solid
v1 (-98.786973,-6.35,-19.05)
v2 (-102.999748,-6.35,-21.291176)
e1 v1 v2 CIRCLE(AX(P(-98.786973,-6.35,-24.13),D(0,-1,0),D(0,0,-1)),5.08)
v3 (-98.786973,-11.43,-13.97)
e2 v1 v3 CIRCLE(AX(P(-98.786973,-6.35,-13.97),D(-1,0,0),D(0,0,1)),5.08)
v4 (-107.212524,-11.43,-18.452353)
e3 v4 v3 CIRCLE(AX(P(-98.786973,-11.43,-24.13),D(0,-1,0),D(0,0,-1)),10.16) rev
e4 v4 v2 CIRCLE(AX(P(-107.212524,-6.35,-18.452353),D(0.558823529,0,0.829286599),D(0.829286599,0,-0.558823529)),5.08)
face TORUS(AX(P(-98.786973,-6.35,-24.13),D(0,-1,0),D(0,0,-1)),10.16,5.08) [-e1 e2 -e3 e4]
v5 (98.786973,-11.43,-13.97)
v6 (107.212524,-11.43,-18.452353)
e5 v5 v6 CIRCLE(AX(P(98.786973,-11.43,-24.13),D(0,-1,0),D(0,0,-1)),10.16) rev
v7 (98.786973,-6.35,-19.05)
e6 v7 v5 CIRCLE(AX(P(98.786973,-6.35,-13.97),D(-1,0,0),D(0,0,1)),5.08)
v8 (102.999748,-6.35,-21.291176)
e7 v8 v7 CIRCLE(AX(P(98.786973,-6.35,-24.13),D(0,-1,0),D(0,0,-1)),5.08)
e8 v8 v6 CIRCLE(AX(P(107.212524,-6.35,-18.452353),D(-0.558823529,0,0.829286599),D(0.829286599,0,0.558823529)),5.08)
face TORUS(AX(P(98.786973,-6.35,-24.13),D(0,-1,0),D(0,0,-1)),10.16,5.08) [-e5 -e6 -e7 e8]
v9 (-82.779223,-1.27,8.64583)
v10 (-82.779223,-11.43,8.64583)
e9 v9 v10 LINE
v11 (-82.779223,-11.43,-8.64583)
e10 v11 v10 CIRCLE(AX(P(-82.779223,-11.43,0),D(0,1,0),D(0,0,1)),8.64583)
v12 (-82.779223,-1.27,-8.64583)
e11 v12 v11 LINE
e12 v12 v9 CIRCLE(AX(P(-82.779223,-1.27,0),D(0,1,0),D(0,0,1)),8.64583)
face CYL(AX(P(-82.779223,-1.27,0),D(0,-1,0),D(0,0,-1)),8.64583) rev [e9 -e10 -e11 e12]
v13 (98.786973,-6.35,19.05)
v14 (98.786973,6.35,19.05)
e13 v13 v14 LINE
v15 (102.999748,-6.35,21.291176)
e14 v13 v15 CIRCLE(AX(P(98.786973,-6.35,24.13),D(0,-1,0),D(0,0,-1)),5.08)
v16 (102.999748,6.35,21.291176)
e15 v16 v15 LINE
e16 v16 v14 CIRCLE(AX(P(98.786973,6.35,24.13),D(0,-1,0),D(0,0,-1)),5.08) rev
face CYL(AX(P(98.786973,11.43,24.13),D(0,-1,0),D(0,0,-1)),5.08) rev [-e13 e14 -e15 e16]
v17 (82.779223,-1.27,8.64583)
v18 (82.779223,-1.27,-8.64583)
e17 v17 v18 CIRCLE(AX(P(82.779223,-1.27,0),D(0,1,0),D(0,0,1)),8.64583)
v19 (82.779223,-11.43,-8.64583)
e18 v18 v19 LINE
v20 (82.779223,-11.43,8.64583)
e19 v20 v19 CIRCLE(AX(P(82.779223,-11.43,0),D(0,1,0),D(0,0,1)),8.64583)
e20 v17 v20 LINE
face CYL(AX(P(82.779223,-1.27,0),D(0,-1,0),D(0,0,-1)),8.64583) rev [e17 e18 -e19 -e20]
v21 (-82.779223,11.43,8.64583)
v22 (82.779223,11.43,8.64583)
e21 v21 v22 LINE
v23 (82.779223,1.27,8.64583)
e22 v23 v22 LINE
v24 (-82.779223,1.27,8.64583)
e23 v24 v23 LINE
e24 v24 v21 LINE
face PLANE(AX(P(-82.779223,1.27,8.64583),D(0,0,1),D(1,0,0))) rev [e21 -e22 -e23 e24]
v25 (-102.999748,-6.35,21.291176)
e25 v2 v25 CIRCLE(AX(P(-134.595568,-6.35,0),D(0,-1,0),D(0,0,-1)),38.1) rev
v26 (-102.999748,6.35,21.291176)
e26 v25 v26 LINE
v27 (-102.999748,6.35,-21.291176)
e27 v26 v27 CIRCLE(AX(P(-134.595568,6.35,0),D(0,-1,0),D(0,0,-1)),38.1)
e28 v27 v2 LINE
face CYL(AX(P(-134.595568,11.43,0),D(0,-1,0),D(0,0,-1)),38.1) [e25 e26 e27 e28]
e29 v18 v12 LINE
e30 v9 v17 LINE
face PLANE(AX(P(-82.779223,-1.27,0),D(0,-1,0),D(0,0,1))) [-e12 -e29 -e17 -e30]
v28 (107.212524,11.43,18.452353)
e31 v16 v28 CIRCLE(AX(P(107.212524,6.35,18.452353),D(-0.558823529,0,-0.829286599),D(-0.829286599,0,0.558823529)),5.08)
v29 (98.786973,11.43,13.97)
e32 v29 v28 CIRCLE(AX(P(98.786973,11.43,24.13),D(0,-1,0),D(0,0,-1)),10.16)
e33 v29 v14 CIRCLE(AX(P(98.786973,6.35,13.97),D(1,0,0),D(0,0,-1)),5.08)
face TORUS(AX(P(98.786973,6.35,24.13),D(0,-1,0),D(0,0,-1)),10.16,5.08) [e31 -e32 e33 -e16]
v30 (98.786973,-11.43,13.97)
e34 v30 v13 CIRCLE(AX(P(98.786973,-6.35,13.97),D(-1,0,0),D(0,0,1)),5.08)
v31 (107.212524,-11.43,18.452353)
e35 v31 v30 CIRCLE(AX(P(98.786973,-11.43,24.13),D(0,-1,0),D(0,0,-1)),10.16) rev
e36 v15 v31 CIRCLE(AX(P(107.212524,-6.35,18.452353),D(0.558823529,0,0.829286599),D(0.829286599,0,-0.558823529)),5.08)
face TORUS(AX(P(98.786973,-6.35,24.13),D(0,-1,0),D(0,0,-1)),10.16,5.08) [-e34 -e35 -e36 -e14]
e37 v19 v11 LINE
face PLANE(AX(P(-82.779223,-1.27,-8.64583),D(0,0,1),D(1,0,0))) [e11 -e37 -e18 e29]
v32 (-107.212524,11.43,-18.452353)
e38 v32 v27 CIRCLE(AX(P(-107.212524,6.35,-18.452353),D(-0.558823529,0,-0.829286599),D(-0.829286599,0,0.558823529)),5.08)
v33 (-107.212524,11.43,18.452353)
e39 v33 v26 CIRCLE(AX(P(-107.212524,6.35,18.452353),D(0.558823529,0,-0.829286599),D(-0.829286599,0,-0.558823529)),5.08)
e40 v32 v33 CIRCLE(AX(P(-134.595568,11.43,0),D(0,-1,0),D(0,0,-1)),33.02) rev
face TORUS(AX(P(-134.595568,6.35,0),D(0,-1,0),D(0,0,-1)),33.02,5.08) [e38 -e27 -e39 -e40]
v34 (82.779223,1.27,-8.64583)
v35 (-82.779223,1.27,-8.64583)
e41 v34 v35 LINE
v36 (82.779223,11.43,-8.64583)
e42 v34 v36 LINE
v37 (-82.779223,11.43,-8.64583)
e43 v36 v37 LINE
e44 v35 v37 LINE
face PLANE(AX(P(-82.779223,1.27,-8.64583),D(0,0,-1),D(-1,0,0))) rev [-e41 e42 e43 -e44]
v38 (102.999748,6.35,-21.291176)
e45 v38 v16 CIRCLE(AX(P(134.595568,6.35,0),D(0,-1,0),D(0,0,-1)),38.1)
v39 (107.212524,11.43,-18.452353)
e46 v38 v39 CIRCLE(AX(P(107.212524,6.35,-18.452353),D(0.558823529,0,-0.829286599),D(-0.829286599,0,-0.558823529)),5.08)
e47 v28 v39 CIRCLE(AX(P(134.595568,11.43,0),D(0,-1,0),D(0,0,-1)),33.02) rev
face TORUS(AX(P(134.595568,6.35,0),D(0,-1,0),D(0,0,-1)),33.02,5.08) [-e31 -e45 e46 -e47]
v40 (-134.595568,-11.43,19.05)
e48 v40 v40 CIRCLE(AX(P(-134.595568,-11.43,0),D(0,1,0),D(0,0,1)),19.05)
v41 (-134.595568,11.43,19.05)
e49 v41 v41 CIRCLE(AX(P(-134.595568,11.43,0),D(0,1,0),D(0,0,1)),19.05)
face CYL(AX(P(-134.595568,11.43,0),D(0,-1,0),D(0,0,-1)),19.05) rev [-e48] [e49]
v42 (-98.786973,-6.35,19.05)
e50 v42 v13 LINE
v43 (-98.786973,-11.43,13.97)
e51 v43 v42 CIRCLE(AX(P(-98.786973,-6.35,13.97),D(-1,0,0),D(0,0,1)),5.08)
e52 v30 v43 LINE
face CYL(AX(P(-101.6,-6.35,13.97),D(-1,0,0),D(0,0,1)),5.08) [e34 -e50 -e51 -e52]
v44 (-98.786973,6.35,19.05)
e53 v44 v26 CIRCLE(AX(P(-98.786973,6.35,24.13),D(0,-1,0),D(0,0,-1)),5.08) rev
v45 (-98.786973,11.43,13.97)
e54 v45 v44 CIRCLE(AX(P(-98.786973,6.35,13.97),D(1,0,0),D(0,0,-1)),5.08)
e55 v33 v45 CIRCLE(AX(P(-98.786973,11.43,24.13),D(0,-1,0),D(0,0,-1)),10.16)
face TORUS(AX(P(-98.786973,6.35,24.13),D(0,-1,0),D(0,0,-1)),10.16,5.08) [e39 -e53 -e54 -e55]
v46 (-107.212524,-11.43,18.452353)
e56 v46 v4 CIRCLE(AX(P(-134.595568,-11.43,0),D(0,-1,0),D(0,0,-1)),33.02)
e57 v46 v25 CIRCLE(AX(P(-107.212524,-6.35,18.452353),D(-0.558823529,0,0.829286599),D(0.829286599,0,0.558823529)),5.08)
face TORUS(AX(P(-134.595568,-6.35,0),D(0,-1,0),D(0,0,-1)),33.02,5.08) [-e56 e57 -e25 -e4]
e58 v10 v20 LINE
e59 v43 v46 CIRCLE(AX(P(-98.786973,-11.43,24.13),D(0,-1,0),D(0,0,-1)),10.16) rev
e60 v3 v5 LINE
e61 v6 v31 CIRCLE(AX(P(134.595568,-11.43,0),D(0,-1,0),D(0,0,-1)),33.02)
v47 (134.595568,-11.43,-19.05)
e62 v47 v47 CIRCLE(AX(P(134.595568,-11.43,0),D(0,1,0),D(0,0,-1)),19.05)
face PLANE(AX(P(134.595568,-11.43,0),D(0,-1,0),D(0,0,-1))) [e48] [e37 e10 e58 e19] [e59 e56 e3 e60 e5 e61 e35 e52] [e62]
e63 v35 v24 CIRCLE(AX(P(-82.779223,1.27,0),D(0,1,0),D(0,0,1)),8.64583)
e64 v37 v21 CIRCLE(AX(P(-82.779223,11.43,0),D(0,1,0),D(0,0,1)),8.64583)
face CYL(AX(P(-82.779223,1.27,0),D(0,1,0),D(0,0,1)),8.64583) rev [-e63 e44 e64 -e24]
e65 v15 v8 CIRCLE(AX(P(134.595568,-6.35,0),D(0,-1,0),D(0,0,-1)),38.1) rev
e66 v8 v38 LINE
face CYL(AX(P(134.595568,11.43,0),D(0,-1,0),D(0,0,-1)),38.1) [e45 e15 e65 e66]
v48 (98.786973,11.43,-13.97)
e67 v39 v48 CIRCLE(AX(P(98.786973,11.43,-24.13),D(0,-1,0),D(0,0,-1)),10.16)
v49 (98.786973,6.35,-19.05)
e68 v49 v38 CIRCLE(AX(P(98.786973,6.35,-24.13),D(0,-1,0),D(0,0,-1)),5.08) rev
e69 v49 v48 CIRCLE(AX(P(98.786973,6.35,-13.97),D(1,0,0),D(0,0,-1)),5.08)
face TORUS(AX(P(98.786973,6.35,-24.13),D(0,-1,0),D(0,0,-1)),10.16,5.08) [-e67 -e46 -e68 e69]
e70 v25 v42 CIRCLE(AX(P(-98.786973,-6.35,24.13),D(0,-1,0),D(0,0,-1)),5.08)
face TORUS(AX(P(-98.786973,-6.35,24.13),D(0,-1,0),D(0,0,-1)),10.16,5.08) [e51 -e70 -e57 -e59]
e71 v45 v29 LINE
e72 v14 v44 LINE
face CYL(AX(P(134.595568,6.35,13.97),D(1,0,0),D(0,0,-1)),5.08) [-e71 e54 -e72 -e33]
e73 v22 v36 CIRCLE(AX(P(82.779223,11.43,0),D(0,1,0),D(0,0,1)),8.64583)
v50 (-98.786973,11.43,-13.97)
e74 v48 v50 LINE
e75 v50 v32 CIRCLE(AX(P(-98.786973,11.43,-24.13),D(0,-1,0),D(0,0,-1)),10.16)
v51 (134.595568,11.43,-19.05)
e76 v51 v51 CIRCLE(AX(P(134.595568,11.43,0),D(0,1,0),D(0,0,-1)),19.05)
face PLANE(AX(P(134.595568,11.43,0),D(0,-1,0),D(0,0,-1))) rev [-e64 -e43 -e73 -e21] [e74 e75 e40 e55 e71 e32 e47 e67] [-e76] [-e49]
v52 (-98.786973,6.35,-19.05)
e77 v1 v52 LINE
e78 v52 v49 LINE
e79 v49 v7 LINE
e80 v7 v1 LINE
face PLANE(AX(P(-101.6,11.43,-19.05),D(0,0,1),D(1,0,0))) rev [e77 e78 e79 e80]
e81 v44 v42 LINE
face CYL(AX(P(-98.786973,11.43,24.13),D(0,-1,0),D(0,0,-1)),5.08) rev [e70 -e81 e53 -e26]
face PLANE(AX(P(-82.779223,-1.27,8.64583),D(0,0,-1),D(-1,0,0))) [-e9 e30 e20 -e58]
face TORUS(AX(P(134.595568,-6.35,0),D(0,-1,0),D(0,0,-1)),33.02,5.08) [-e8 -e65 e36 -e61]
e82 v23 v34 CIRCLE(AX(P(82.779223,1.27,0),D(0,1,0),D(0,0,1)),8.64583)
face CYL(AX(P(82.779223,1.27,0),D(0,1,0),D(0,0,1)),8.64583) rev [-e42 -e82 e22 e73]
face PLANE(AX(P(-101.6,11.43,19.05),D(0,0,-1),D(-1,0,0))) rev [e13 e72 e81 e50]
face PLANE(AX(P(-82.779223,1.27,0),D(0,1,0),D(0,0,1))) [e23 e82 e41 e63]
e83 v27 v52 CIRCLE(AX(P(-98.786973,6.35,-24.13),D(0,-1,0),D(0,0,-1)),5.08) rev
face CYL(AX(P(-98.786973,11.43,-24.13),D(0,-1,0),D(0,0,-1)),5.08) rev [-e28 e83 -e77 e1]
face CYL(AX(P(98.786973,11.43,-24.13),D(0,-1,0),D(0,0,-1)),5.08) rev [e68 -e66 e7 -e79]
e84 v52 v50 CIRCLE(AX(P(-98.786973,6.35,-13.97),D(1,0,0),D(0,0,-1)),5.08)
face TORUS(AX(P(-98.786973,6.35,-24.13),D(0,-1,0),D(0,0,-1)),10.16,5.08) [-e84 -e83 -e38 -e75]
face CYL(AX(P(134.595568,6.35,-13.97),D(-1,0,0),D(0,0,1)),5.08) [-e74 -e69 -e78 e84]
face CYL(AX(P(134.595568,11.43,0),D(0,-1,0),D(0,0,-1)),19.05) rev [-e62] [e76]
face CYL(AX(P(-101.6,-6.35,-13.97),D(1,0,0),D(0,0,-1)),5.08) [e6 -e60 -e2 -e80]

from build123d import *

# Parameters (mm, degrees)
SKETCH1_R           = 19.05
BOSS_EXTRUDE1_DEPTH = 11.43
CUT_EXTRUDE1_DEPTH  = 10.16
FILLET1_R           = 5.08
FILLET2_R           = 5.08


with BuildPart() as part:
    # Sketch1 → Boss-Extrude1 (new, symmetric)
    with BuildSketch(Plane(origin=(0, 0, 0), x_dir=(1, 0, 0), z_dir=(0, 1, 0))):
        with BuildLine():
            Line((-101.6, 19.05), (101.6, 19.05))
            ThreePointArc((101.6, 19.05), (172.695567884, 0), (101.6, -19.05))
            Line((101.6, -19.05), (-101.6, -19.05))
            ThreePointArc((-101.6, -19.05), (-172.695567884, 0), (-101.6, 19.05))
        make_face()
        with Locations(Location((-134.595567884, 0, 0), (0, 0, 270))):
            Circle(SKETCH1_R, mode=Mode.SUBTRACT)
        with Locations(Location((134.595567884, 0, 0), (0, 0, 90))):
            Circle(SKETCH1_R, mode=Mode.SUBTRACT)
    extrude(amount=BOSS_EXTRUDE1_DEPTH, both=True)

    # Sketch2 → Cut-Extrude1 (cut)
    with BuildSketch(Plane(origin=(0, 11.43, 0), x_dir=(1, 0, 0), z_dir=(0, 1, 0))):
        with BuildLine():
            Line((-82.77922336, 8.645829995), (82.77922336, 8.645829995))
            ThreePointArc((82.77922336, 8.645829995), (91.425053355, 0), (82.77922336, -8.645829995))
            Line((82.77922336, -8.645829995), (-82.77922336, -8.645829995))
            ThreePointArc((-82.77922336, -8.645829995), (-91.425053355, 0), (-82.77922336, 8.645829995))
        make_face()
    cut_extrude1 = extrude(amount=-CUT_EXTRUDE1_DEPTH, mode=Mode.SUBTRACT)

    # Mirror2: Cut-Extrude1 across plane
    add(cut_extrude1.mirror(Plane.ZX), mode=Mode.SUBTRACT)

    # Fillet1
    fillet1_edges = [part.edges().sort_by_distance(p)[0] for p in [
        (101.6, 0, 19.05),
        (-101.6, 0, 19.05),
        (-101.6, 0, -19.05),
        (101.6, 0, -19.05),
    ]]
    fillet(fillet1_edges, radius=FILLET1_R)

    # Fillet2
    fillet2_edges = [part.edges().sort_by_distance(p)[0] for p in [
        (-172.695567884, -11.43, 0),
        (-172.695567884, 11.43, 0),
        (0, -11.43, -19.05),
        (0, 11.43, -19.05),
        (0, -11.43, 19.05),
        (0, 11.43, 19.05),
        (172.695567884, -11.43, 0),
        (172.695567884, 11.43, 0),
        (-101.172887096, -11.43, -19.645157554),
        (-101.172887096, 11.43, -19.645157554),
        (-101.172887096, -11.43, 19.645157554),
        (-101.172887096, 11.43, 19.645157554),
        (101.172887096, -11.43, 19.645157554),
        (101.172887096, 11.43, 19.645157554),
        (101.172887096, -11.43, -19.645157554),
        (101.172887096, 11.43, -19.645157554),
    ]]
    fillet(fillet2_edges, radius=FILLET2_R)


solid = part.part
